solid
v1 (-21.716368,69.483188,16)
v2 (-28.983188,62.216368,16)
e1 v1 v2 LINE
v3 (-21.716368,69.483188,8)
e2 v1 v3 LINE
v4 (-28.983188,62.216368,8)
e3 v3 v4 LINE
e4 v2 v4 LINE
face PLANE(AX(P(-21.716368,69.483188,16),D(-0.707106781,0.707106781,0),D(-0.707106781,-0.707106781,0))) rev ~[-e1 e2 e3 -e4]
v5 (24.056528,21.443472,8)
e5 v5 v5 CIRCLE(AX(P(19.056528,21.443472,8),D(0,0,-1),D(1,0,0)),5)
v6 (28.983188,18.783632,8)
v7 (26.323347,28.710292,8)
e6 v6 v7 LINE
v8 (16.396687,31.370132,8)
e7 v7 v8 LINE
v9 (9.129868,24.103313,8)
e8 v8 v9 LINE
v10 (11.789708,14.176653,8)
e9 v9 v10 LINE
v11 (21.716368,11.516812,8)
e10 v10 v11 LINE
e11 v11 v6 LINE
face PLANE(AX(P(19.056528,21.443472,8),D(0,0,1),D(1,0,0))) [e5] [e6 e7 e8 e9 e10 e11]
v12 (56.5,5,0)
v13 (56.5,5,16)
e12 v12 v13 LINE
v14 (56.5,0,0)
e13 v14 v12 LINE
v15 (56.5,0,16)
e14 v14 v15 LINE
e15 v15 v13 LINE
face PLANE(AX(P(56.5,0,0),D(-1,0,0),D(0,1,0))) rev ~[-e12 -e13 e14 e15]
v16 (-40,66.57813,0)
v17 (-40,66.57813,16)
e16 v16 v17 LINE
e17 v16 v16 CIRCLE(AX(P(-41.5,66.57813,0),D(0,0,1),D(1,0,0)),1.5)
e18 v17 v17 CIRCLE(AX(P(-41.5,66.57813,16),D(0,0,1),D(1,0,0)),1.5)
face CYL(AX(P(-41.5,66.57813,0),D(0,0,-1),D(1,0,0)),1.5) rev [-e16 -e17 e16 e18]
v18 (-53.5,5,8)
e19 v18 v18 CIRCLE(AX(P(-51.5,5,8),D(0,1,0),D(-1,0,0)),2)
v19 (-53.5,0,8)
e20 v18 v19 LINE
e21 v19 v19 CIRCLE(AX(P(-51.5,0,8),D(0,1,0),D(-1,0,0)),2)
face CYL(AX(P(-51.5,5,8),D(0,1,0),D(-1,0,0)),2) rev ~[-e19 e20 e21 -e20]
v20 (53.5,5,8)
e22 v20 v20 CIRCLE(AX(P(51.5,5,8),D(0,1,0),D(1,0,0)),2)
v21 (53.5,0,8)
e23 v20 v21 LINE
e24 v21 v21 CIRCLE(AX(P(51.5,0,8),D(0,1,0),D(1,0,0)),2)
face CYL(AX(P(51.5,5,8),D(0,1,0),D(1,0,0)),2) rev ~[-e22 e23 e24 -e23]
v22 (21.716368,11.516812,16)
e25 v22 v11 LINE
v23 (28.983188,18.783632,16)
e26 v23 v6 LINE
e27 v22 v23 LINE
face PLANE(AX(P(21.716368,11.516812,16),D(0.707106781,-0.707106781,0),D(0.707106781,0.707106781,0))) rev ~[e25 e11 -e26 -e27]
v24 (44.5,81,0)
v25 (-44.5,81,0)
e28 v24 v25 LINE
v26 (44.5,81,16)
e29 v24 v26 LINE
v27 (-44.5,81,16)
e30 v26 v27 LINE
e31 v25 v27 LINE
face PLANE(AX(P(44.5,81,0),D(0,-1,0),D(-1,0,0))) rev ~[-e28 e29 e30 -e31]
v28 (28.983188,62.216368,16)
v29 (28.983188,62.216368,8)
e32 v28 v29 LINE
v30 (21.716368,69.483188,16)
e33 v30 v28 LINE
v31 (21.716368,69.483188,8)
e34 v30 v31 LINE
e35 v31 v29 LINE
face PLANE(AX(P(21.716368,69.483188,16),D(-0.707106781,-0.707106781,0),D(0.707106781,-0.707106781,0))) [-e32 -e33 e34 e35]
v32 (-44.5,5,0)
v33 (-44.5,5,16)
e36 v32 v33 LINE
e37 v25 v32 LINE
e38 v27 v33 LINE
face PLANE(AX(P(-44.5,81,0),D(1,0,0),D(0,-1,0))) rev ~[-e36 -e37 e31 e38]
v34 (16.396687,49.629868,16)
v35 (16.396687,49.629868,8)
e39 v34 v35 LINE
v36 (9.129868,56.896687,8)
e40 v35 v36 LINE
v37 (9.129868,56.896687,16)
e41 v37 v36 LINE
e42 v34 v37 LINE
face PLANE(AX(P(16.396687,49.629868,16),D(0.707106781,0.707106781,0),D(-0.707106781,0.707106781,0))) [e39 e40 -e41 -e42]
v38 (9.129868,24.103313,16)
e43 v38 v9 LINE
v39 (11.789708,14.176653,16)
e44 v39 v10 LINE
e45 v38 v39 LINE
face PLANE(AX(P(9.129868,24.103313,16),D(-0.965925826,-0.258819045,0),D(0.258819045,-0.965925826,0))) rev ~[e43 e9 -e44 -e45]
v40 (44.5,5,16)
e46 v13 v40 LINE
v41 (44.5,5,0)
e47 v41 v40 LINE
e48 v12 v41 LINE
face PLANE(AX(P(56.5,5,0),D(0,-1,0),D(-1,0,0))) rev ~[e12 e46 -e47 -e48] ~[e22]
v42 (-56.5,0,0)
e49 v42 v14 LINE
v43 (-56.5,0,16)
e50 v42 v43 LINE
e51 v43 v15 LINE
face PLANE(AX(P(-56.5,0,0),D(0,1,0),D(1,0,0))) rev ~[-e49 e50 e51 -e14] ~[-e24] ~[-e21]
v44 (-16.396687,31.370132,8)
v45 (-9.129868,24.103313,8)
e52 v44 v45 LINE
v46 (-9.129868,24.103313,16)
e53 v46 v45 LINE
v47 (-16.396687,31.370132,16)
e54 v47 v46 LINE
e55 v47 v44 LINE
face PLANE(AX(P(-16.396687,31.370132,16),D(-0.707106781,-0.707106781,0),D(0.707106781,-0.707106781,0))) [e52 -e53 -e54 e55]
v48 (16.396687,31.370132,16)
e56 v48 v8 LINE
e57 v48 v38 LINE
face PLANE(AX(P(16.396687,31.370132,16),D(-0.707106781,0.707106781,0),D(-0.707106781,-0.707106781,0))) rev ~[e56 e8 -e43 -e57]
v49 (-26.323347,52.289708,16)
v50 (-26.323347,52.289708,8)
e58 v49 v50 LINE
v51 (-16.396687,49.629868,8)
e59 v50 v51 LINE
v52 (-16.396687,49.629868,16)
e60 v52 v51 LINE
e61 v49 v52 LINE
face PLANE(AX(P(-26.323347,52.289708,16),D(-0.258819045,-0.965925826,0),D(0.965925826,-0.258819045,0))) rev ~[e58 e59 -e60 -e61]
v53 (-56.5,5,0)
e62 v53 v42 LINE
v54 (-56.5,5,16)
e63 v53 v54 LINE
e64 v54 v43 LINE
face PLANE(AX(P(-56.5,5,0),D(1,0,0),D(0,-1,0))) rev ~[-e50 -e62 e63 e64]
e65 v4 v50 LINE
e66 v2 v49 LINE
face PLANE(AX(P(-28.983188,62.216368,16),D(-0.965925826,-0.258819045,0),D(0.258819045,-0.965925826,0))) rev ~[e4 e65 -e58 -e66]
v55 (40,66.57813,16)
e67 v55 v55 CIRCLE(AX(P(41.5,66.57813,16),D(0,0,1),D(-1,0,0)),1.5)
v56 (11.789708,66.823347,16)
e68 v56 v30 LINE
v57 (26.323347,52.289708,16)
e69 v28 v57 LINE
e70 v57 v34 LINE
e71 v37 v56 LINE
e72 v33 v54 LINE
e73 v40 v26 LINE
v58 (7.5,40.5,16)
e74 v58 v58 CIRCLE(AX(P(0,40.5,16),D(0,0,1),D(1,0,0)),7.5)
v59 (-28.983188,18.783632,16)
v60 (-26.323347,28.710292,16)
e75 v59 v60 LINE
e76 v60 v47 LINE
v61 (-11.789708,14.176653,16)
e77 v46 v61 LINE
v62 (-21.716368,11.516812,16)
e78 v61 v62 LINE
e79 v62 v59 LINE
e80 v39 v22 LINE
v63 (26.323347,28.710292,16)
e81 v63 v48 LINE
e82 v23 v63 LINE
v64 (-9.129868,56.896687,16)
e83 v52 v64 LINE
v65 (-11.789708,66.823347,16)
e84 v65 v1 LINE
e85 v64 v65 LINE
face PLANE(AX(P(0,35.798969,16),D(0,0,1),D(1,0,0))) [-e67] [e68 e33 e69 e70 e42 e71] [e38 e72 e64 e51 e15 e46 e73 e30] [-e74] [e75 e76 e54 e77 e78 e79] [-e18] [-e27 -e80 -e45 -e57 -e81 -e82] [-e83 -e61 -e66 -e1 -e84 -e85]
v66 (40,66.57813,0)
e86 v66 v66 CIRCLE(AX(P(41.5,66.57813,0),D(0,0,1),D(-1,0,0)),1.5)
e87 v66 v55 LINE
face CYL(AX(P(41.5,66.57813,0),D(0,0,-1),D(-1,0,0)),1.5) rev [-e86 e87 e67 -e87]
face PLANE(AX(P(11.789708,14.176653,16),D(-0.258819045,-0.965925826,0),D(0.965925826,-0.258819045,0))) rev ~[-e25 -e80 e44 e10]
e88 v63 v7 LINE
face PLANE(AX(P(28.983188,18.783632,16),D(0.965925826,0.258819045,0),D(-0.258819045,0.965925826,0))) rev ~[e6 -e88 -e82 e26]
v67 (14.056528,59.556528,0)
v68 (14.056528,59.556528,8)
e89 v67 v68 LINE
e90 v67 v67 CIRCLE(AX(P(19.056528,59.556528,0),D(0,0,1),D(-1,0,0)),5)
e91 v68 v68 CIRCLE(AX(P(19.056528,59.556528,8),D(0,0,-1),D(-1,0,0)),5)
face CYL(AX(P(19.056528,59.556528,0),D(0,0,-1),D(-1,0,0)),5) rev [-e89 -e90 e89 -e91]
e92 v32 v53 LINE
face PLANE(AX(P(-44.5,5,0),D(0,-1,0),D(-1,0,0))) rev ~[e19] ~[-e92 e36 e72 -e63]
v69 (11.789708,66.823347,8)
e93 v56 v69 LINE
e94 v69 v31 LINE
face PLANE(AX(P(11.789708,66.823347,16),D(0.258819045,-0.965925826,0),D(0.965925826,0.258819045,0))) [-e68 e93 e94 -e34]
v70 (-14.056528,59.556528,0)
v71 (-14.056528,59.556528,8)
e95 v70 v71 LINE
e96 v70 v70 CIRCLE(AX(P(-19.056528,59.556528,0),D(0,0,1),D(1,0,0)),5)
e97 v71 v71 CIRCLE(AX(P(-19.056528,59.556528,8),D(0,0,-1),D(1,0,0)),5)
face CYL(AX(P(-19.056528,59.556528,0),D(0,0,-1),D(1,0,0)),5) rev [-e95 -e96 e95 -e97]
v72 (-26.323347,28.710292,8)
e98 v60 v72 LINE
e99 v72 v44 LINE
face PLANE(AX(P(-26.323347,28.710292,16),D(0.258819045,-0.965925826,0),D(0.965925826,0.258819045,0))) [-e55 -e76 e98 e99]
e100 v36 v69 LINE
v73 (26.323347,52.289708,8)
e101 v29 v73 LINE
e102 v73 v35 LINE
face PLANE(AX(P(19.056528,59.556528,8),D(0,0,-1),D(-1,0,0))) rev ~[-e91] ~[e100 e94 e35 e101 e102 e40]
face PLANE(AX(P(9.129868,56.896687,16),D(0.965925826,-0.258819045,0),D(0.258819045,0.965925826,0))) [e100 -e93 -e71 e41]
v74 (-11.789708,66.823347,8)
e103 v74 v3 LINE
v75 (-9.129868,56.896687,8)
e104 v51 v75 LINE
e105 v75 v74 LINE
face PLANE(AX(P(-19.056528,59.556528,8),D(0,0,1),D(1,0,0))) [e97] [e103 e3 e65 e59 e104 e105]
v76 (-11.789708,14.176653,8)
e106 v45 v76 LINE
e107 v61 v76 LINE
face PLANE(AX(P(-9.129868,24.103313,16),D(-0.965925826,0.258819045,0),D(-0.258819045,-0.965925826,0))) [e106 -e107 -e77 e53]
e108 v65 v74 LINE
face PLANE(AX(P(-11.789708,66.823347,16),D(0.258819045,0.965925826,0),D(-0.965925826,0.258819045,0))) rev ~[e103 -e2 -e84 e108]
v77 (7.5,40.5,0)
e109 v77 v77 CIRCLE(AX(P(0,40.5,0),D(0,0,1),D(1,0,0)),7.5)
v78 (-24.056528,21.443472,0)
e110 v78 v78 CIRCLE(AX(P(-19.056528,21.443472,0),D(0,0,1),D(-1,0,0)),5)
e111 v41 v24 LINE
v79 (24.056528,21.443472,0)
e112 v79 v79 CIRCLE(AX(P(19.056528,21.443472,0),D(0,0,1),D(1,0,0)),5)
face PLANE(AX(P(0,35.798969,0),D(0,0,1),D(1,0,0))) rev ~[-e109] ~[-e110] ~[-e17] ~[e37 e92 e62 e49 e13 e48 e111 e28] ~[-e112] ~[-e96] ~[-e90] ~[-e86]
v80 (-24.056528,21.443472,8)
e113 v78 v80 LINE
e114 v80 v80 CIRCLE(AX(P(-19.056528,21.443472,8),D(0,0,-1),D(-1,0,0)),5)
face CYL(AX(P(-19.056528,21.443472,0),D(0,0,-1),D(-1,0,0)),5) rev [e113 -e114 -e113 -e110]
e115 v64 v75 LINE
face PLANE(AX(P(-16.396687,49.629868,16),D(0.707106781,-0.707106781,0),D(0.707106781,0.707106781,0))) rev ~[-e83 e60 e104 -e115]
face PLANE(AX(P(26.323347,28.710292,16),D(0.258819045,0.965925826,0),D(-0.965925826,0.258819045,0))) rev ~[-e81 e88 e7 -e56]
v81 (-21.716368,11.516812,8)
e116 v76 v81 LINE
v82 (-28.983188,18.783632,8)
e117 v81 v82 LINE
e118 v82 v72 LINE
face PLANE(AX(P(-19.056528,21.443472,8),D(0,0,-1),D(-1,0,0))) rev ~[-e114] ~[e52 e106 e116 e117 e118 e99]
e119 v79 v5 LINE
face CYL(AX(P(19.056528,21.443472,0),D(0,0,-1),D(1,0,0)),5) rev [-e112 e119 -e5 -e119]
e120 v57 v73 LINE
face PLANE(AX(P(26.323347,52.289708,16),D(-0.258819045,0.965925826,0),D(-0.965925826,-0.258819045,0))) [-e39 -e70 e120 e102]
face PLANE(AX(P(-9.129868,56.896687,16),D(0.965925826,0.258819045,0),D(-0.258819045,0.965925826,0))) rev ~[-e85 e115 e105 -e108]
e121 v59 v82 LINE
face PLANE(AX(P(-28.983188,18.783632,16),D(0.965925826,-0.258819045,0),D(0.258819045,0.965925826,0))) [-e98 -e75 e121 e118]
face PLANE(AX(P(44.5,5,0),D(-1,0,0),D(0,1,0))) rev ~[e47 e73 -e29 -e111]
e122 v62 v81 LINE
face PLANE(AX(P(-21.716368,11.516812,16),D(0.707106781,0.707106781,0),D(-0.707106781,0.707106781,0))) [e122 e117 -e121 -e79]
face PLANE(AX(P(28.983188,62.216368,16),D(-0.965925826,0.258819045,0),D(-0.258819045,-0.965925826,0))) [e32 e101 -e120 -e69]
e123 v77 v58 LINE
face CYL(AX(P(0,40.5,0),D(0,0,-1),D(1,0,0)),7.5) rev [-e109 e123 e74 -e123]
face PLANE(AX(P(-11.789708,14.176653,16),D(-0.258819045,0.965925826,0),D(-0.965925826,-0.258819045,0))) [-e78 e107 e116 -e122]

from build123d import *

# Parameters (mm, degrees)
ESQUISSE2_R             = 5
ESQUISSE2_R_2           = 1.5
ESQUISSE2_R_3           = 7.5
BOSS_EXTRU_1_DEPTH      = 16
ESQUISSE4_R             = 2
ENL_V_MAT_EXTRU_1_DEPTH = 6
ENL_V_MAT_EXTRU_2_DEPTH = 8


with BuildPart() as part:
    # Esquisse2 → Boss.-Extru.1 (new body)
    with BuildSketch(Plane.XY):
        Polygon((-56.5, 0), (56.5, 0), (56.5, 5), (44.5, 5), (44.5, 81), (-44.5, 81), (-44.5, 5), (-56.5, 5), align=None)
        with Locations(Location((-19.056527753, 21.443472247, 0), (0, 0, 180))):  # turned: the seam where the file's is
            Circle(ESQUISSE2_R, mode=Mode.SUBTRACT)
        with Locations((-19.056527753, 59.556527753)):
            Circle(ESQUISSE2_R, mode=Mode.SUBTRACT)
        with Locations(Location((19.056527753, 59.556527753, 0), (0, 0, 180))):  # turned: the seam where the file's is
            Circle(ESQUISSE2_R, mode=Mode.SUBTRACT)
        with Locations((19.056527753, 21.443472247)):
            Circle(ESQUISSE2_R, mode=Mode.SUBTRACT)
        with Locations((-41.5, 66.578130392)):
            Circle(ESQUISSE2_R_2, mode=Mode.SUBTRACT)
        with Locations(Location((41.5, 66.578130392, 0), (0, 0, 180))):  # turned: the seam where the file's is
            Circle(ESQUISSE2_R_2, mode=Mode.SUBTRACT)
        with Locations((0, 40.5)):
            Circle(ESQUISSE2_R_3, mode=Mode.SUBTRACT)
    extrude(amount=BOSS_EXTRU_1_DEPTH)

    # Esquisse4 → Enlèv. mat.-Extru.1 (cut, through all)
    with BuildSketch(Plane(origin=(0, 5, 0), x_dir=(1, 0, 0), z_dir=(0, 1, 0))):
        with Locations(Location((-51.5, -8, 0), (0, 0, 180))):  # turned: the seam where the file's is
            Circle(ESQUISSE4_R)
        with Locations((51.5, -8)):
            Circle(ESQUISSE4_R)
    extrude(amount=-ENL_V_MAT_EXTRU_1_DEPTH, mode=Mode.SUBTRACT)

    # Esquisse5 → Enlèv. mat.-Extru.2 (cut)
    with BuildSketch(Plane.XY.offset(16)):
        Polygon((-21.71636832, 69.483187891), (-28.983187891, 62.21636832), (-26.323347323, 52.289708183), (-16.396687186, 49.629867615), (-9.129867615, 56.896687186), (-11.789708183, 66.823347323), align=None)
        Polygon((-21.71636832, 11.516812109), (-28.983187891, 18.78363168), (-26.323347323, 28.710291817), (-16.396687186, 31.370132385), (-9.129867615, 24.103312814), (-11.789708183, 14.176652677), align=None)
        Polygon((26.323347323, 52.289708183), (16.396687186, 49.629867615), (9.129867615, 56.896687186), (11.789708183, 66.823347323), (21.71636832, 69.483187891), (28.983187891, 62.21636832), align=None)
        Polygon((16.396687186, 31.370132385), (9.129867615, 24.103312814), (11.789708183, 14.176652677), (21.71636832, 11.516812109), (28.983187891, 18.78363168), (26.323347323, 28.710291817), align=None)
    extrude(amount=-ENL_V_MAT_EXTRU_2_DEPTH, mode=Mode.SUBTRACT)


solid = part.part
